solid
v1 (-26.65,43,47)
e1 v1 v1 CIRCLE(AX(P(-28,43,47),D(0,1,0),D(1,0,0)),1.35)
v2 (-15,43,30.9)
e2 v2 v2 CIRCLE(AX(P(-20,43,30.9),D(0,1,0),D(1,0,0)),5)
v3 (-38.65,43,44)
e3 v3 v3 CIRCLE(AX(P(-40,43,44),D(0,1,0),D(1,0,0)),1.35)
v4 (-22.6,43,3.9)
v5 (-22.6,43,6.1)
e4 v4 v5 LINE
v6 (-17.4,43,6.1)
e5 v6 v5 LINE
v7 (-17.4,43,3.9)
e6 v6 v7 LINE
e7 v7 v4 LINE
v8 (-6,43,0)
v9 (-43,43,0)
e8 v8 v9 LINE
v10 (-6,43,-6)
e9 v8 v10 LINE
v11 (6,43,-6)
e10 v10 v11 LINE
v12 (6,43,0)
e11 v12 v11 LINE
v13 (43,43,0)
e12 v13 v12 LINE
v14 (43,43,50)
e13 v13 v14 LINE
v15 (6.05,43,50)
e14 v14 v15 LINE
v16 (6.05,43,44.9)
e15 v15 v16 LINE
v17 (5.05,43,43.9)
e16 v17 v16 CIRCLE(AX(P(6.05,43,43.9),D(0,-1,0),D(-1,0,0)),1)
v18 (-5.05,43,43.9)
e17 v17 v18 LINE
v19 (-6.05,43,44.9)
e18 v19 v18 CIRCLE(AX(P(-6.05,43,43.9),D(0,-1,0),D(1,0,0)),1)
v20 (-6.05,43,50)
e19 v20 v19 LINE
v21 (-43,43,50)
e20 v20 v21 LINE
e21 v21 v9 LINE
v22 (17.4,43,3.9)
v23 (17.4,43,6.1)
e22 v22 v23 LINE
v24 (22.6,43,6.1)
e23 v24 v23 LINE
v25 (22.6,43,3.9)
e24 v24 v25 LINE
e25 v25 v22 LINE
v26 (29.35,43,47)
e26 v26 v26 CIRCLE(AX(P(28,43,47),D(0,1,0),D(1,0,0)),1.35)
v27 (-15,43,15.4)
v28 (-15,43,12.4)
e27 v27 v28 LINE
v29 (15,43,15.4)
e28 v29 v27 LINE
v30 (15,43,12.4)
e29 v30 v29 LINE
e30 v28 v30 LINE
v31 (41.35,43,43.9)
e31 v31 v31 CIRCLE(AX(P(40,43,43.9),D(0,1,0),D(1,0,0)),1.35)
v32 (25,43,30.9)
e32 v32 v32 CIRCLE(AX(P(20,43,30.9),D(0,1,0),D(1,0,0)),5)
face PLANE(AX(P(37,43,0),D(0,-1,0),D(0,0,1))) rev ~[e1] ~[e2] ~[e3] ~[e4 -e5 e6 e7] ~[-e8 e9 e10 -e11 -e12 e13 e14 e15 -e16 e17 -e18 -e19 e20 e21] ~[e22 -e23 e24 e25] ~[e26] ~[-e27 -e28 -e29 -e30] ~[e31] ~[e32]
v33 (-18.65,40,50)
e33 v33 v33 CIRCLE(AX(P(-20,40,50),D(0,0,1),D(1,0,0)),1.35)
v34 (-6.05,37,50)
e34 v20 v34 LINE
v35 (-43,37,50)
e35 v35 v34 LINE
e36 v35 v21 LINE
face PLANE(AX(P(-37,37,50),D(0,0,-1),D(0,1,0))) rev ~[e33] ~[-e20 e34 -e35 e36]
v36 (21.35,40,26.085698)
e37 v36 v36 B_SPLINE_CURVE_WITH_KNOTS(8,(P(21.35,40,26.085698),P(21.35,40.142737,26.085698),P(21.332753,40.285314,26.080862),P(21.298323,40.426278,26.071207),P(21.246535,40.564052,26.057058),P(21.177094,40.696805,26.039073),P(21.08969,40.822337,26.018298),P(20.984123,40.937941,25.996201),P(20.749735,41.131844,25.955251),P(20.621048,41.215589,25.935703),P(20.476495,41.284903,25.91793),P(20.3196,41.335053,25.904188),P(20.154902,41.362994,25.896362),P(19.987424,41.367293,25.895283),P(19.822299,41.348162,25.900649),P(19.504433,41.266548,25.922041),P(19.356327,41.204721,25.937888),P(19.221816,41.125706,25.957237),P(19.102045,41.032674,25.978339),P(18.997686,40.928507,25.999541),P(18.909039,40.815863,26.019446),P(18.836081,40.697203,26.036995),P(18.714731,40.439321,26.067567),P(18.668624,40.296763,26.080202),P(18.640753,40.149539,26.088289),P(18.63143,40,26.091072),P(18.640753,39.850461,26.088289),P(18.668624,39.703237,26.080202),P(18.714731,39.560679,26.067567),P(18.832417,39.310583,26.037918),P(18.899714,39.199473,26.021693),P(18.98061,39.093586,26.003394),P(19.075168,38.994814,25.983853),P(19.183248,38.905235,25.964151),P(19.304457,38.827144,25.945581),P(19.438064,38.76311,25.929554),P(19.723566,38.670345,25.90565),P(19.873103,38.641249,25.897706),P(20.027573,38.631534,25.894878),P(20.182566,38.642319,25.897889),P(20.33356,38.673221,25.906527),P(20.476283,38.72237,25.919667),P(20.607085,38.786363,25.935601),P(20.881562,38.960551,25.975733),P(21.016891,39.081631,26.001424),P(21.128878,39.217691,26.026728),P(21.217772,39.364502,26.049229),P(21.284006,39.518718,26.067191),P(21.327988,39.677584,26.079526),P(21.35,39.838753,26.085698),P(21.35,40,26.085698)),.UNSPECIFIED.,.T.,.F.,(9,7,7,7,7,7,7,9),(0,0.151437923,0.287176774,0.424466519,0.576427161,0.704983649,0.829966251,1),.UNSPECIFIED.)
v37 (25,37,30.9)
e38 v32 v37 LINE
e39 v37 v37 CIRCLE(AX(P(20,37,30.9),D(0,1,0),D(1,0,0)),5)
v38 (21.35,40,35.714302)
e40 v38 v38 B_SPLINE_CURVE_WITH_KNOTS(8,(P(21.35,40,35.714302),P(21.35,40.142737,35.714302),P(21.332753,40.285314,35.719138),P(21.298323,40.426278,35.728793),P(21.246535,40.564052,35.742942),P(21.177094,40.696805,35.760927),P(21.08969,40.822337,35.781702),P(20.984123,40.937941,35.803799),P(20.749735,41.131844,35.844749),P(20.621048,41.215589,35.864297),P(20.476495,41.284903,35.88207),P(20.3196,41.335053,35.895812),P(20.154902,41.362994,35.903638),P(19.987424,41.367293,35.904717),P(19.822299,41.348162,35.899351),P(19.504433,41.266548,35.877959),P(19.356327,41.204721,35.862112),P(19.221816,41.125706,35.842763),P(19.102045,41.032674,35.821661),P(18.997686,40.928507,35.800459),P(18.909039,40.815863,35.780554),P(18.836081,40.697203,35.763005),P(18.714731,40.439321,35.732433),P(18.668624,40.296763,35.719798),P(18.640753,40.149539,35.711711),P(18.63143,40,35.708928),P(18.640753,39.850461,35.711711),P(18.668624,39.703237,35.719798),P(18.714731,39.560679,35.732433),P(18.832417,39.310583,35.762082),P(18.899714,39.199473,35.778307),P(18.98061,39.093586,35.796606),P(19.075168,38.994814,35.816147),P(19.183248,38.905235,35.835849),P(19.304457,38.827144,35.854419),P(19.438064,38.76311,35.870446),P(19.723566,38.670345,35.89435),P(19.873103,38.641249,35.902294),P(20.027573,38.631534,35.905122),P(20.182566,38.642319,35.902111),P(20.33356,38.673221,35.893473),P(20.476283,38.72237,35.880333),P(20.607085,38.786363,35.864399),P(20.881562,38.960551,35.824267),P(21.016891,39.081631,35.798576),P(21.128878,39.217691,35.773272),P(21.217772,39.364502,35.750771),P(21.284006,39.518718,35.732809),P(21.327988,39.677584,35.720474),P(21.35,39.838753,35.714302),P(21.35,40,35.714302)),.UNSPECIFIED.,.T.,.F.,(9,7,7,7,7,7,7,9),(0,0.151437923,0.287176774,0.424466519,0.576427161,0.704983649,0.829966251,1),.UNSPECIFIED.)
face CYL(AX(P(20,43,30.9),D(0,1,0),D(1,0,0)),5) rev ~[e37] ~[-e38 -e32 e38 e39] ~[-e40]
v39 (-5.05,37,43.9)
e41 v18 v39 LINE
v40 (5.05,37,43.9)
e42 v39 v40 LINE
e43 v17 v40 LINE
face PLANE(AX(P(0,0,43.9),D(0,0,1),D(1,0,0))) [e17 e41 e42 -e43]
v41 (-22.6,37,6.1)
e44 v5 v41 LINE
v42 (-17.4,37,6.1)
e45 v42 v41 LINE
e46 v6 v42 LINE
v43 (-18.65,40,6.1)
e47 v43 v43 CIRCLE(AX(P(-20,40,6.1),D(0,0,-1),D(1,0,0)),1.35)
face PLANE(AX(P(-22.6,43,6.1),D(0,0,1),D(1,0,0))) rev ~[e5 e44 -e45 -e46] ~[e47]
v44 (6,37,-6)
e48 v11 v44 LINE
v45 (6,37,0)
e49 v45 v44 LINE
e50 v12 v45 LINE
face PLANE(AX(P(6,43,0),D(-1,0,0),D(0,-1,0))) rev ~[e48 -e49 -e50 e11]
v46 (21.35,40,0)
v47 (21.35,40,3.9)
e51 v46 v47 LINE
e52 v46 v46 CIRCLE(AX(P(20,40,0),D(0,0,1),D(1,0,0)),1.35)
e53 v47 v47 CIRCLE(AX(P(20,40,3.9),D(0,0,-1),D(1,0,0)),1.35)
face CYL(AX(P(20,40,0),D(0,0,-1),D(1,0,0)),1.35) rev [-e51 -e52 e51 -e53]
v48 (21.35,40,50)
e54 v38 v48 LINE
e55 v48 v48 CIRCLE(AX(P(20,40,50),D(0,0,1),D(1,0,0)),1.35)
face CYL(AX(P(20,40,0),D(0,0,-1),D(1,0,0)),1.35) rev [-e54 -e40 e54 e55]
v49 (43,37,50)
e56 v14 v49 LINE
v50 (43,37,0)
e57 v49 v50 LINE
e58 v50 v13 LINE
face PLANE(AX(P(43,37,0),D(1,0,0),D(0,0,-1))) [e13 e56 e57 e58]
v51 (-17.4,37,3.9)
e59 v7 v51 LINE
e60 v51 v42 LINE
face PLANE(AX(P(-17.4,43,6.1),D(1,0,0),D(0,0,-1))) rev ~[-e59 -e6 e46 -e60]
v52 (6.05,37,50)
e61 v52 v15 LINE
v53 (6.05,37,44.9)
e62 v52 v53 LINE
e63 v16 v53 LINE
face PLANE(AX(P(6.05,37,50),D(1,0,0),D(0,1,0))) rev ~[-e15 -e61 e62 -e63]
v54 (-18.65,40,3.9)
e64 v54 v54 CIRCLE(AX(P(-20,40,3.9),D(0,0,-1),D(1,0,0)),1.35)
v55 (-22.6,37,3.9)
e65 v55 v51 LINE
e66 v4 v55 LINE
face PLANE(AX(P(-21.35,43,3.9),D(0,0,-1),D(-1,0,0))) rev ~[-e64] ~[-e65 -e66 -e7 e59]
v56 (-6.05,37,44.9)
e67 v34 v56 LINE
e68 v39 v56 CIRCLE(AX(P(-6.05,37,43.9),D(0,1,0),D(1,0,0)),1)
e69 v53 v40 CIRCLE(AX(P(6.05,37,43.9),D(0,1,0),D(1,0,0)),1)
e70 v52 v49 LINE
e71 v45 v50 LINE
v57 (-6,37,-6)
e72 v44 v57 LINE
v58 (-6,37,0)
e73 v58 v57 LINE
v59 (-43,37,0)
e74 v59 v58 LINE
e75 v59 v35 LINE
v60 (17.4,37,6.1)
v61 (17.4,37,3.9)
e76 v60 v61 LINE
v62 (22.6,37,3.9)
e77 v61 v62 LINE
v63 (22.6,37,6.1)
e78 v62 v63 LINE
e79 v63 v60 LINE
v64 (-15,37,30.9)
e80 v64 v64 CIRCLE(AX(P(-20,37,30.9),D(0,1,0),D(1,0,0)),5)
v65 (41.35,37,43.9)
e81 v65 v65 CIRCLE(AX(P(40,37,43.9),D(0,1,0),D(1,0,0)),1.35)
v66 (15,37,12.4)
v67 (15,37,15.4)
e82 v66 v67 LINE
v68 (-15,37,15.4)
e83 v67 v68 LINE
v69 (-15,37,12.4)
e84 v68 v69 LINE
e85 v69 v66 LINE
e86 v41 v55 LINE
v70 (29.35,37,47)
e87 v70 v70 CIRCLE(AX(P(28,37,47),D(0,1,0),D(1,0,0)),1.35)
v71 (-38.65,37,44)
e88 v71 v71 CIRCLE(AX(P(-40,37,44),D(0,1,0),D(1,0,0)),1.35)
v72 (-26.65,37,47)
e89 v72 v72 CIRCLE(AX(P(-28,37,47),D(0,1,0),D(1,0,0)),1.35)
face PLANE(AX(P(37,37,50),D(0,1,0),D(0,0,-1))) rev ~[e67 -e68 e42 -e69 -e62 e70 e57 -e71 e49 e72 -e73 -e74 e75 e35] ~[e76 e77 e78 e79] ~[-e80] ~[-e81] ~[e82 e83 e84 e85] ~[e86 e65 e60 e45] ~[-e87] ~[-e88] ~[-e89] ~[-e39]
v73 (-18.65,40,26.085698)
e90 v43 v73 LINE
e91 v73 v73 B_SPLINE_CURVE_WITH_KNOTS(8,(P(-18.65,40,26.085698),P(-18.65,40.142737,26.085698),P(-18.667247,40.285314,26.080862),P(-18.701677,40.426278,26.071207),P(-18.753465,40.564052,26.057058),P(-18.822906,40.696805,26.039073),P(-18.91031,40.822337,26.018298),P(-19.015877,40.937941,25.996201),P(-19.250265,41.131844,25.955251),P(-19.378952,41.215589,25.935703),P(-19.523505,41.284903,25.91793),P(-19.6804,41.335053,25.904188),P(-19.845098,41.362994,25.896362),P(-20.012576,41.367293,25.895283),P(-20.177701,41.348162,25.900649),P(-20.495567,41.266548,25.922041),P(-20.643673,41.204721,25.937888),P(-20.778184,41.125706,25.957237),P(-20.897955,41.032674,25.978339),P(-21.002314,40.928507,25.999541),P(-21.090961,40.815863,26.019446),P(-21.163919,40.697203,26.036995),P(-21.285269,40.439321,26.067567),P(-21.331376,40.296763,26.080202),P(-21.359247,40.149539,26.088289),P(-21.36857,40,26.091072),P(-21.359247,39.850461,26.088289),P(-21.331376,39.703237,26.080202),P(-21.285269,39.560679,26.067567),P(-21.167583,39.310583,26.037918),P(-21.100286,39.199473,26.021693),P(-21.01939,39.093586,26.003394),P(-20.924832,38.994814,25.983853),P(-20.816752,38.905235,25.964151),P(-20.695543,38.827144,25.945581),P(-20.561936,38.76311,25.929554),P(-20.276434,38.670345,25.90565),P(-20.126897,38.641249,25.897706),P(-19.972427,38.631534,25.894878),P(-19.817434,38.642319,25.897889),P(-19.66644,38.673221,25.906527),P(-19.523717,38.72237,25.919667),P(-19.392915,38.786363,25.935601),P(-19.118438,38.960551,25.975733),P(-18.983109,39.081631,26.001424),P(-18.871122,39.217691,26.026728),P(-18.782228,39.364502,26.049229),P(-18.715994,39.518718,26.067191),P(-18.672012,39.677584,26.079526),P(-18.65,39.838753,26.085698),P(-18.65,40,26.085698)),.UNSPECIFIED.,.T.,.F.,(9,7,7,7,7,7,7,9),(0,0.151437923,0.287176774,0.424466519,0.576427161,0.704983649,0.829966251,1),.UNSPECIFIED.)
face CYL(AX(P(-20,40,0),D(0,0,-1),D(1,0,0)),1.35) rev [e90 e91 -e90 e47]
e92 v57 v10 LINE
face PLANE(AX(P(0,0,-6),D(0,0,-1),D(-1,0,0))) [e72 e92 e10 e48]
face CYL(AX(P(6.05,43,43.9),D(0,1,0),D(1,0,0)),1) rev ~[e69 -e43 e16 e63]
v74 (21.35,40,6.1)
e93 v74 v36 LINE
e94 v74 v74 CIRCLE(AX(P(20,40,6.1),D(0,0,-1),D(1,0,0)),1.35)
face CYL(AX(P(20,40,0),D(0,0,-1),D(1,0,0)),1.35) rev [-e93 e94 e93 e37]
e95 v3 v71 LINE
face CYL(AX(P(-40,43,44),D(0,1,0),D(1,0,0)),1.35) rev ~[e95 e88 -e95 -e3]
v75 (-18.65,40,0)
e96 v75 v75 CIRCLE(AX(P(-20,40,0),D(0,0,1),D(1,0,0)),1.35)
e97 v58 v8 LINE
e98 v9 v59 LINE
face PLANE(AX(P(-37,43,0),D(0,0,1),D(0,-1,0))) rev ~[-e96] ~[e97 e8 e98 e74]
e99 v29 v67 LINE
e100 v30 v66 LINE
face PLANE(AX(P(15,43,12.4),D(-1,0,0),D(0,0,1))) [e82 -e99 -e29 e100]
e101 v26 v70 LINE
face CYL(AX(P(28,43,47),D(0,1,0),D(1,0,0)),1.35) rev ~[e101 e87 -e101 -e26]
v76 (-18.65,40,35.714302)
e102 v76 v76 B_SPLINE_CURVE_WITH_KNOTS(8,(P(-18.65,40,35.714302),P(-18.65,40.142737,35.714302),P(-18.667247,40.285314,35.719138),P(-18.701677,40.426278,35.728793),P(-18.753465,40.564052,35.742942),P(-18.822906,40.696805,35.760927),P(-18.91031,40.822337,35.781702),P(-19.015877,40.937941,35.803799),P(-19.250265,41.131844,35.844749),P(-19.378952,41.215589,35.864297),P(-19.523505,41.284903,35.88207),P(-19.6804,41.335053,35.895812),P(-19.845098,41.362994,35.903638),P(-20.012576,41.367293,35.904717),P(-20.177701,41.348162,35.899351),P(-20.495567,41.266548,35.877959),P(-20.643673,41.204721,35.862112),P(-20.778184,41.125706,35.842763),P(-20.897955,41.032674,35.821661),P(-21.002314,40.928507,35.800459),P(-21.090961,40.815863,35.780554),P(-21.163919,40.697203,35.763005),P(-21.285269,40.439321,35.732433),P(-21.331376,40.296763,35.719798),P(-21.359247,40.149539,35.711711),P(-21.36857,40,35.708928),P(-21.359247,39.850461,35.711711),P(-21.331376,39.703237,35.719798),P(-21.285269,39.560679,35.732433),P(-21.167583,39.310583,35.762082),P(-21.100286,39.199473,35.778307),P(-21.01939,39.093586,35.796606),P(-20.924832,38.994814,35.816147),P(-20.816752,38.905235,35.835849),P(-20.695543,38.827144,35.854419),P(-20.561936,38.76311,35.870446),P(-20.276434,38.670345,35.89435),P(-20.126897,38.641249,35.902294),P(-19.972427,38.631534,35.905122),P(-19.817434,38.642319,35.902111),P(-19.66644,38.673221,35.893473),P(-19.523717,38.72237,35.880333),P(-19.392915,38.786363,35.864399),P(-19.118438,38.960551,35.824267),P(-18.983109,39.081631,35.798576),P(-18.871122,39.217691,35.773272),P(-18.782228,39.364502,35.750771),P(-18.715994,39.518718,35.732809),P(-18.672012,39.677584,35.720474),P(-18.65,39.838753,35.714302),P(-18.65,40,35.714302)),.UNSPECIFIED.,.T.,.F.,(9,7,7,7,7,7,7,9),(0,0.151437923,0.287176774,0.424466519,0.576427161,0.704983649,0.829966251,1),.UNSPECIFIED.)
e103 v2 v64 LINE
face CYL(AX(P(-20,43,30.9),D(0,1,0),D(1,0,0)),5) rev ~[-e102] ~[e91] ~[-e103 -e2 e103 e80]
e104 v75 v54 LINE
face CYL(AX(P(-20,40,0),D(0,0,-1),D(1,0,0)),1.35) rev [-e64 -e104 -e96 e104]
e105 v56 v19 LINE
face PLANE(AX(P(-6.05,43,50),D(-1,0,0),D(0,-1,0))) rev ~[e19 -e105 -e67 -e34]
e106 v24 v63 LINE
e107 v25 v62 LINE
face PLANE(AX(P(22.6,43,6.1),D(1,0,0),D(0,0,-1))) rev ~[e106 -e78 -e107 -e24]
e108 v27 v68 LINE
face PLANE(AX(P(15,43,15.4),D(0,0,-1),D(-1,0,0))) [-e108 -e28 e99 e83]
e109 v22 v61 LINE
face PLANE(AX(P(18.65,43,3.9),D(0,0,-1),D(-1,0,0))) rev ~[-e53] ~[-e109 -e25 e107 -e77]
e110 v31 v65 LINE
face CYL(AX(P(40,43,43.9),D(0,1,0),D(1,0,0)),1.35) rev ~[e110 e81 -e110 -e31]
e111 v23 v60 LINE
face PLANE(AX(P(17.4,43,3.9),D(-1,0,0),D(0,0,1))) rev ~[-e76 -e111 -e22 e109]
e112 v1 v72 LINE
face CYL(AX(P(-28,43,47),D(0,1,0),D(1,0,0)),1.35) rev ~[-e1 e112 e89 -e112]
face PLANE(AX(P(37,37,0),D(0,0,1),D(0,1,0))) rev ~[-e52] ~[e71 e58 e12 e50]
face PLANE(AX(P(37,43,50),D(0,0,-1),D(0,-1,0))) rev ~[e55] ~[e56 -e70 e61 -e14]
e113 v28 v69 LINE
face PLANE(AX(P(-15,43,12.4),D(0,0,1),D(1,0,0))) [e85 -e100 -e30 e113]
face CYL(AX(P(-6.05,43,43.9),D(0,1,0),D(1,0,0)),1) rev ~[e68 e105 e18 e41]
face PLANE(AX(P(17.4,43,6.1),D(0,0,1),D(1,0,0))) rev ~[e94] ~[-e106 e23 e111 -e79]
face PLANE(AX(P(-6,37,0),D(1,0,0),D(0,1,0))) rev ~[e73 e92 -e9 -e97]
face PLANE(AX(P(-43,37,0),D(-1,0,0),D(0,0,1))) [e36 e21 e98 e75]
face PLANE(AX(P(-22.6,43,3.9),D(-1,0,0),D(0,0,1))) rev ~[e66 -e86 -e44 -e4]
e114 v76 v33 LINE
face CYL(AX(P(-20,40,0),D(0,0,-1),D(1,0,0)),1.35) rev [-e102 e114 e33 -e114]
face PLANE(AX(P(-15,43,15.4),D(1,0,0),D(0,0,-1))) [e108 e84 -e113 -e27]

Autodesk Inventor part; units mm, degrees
ref_plane "YZ Plane" through (0, 0, 0) normal (1, 0, 0) x (0, 1, 0)
ref_plane "XZ Plane" through (0, 0, 0) normal (0, 1, 0) x (-1, 0, 0)
ref_plane "XY Plane" through (0, 0, 0) normal (0, 0, 1) x (1, 0, 0)
ref_plane "작업 평면1" through (0, 0, 0) normal (0, 0, 1) x (1, 0, 0)
sketch "스케치1" plane through (0, 0, 0) normal (0, 0, 1) x (1, 0, 0)
  circle A0 centre (-20, 40) radius 1.35
  circle A1 centre (20, 40) radius 1.35
  line L0 (6.05, 36.95) -> (-6.05, 36.95)
  line L1 (-6.05, 36.95) -> (-6.05, 43.05)
  line L2 (-6.05, 43.05) -> (6.05, 43.05)
  line L3 (6.05, 43.05) -> (6.05, 36.95)
  line L4 (-37, 6) -> (-37, 45)
  line L5 (-37, 6) -> (-43, 6)
  line L6 (-43, 6) -> (-43, -6)
  line L7 (-43, -6) -> (-37, -6)
  line L8 (-37, -6) -> (-37, -35)
  line L9 (-37, -35) -> (37, -35)
  line L10 (37, -35) -> (37, -6)
  line L11 (37, -6) -> (43, -6)
  line L12 (43, -6) -> (43, 6)
  line L13 (43, 6) -> (37, 6)
  line L14 (37, 6) -> (37, 45)
  line L15 (-37, 45) -> (37, 45)
  circle A2 centre (-28.8, -30.8) radius 1.35
  circle A3 centre (28.8, -30.8) radius 1.35
  circle A4 centre (28.8, 30.8) radius 1.35
  circle A5 centre (-20.8, -30.8) radius 1.6
  circle A6 centre (-20.8, 30.8) radius 1.6
  circle A7 centre (20.8, -30.8) radius 1.6
  circle A8 centre (20.8, 30.8) radius 1.6
  circle A9 centre (-28.8, 30.8) radius 1.35
  line L16 (31.1, -8.4) -> (31.1, -13.6)
  line L17 (31.1, -13.6) -> (28.9, -13.6)
  line L18 (28.9, -13.6) -> (28.9, -8.4)
  line L19 (28.9, -8.4) -> (31.1, -8.4)
  line L20 (-31.1, -8.4) -> (-28.9, -8.4)
  line L21 (-28.9, -8.4) -> (-28.9, -13.6)
  line L22 (-28.9, -13.6) -> (-31.1, -13.6)
  line L23 (-31.1, -13.6) -> (-31.1, -8.4)
  line L24 (-31.1, 13.6) -> (-28.9, 13.6)
  line L25 (-28.9, 13.6) -> (-28.9, 8.4)
  line L26 (-28.9, 8.4) -> (-31.1, 8.4)
  line L27 (-31.1, 8.4) -> (-31.1, 13.6)
  line L28 (28.9, 13.6) -> (31.1, 13.6)
  line L29 (31.1, 13.6) -> (31.1, 8.4)
  line L30 (31.1, 8.4) -> (28.9, 8.4)
  line L31 (28.9, 8.4) -> (28.9, 13.6)
  line L32 (37, 37) -> (-37, 37)
  line L33 (-37, 37) -> (-37, 43)
  line L34 (-37, 43) -> (37, 43)
  line L35 (37, 43) -> (37, 37)
  line L36 (37, 37) -> (-37, 43) construction
  line L37 (-37, 37) -> (37, 43) construction
  point P0 (0, 0)
  point P1 (0, 40)
  dimension "d0" = 74
  dimension "d1" = 6
extrude "돌출1" add sketch "스케치1" along normal blind 50 contours L32 L1 L34 L3 | L3 L34 L14 L32 | L32 L4 L34 L1
sketch "스케치2" plane through (0, 0, 50) normal (0, 0, 1) x (1, 0, 0)
  line L0 (6.05, 43) -> (-6.05, 43)
  line L1 (-6.05, 43) -> (-6.05, 37)
  line L2 (-6.05, 37) -> (6.05, 37)
  line L3 (6.05, 37) -> (6.05, 43)
  line L4 (6.05, 43) -> (-6.05, 37) construction
  line L5 (-6.05, 43) -> (6.05, 37) construction
  point P0 (0, 0)
  point P1 (0, 40)
  dimension "d4" = 12.1
  dimension "d5" = 6
extrude "돌출2" cut sketch "스케치2" against normal blind 6.1
sketch "스케치3" plane through (0, 0, 0) normal (0, 0, -1) x (-1, 0, 0)
  line L0 (-6, 37) -> (6, 37)
  line L1 (6, 37) -> (6, 43)
  line L2 (6, 43) -> (-6, 43)
  line L3 (-6, 43) -> (-6, 37)
  line L4 (-6, 37) -> (6, 43) construction
  line L5 (6, 37) -> (-6, 43) construction
  point P0 (0, 0)
  point P1 (0, 40)
  dimension "d8" = 12
  dimension "d9" = 6
extrude "돌출3" add sketch "스케치3" along normal blind 6
sketch "스케치4" plane through (37, 43, 50) normal (0, 1, 0) x (1, 0, 0)
  line L0 (-58.35, 0) -> (-58.35, 50)
  line L1 (-55.65, 0) -> (-55.65, 50)
  line L2 (-18.35, 0) -> (-18.35, 50)
  line L3 (-15.65, 0) -> (-15.65, 50)
  line L4 (-15.65, 35) -> (-18.35, 35)
  line L5 (-55.65, 35) -> (-58.35, 35)
  line L6 (-14.4, 36.1) -> (-19.6, 33.9) construction
  line L7 (-19.6, 36.1) -> (-14.4, 33.9) construction
  line L8 (-54.4, 36.1) -> (-59.6, 36.1)
  line L9 (-59.6, 36.1) -> (-59.6, 33.9)
  line L10 (-59.6, 33.9) -> (-54.4, 33.9)
  line L11 (-54.4, 33.9) -> (-54.4, 36.1)
  line L12 (-54.4, 36.1) -> (-59.6, 33.9) construction
  line L13 (-59.6, 36.1) -> (-54.4, 33.9) construction
  circle A0 centre (-9, 3) radius 1.35
  circle A1 centre (-65, 3) radius 1.35
  line L14 (-14.4, 46.1) -> (-19.6, 46.1)
  line L15 (-19.6, 46.1) -> (-19.6, 43.9)
  line L16 (-19.6, 43.9) -> (-14.4, 43.9)
  line L17 (-14.4, 43.9) -> (-14.4, 46.1)
  line L18 (-14.4, 46.1) -> (-19.6, 43.9) construction
  line L19 (-19.6, 46.1) -> (-14.4, 43.9) construction
  line L20 (-54.4, 46.1) -> (-59.6, 46.1)
  line L21 (-59.6, 46.1) -> (-59.6, 43.9)
  line L22 (-59.6, 43.9) -> (-54.4, 43.9)
  line L23 (-54.4, 43.9) -> (-54.4, 46.1)
  line L24 (-54.4, 46.1) -> (-59.6, 43.9) construction
  line L25 (-59.6, 46.1) -> (-54.4, 43.9) construction
  point P0 (-37, 50)
  point P1 (-17, 35)
  point P2 (-57, 35)
  point P3 (-17, 45)
  point P4 (-57, 45)
  dimension "d12" = 5.2
  dimension "d13" = 2.2
  dimension "d14" = 5.2
  dimension "d15" = 2.2
  dimension "d16" = 2.7
  dimension "d17" = 2.7
  dimension "d20" = 5.2
  dimension "d21" = 2.2
  dimension "d22" = 5.2
  dimension "d23" = 2.2
extrude "돌출5" cut sketch "스케치4" against normal blind 50 contours L22 L21 L20 L0 | L0 L20 L1 L22 | L1 L20 L23 L22 | L16 L15 L14 L2 | L2 L14 L3 L16 | L3 L14 L17 L16 | A0 | A1
sketch "스케치5" plane through (-37, 37, 0) normal (-1, 0, 0) x (0, 0, 1)
  line L0 (50, 6) -> (0, 6)
  line L1 (0, 6) -> (0, 0)
  line L2 (0, 0) -> (50, 0)
  line L3 (50, 0) -> (50, 6)
  point P0 (0, -37)
extrude "돌출6" add sketch "스케치5" along normal blind 6
sketch "스케치6" plane through (37, 37, 0) normal (1, 0, 0) x (0, 0, -1)
  line L0 (-50, 0) -> (0, 0)
  line L1 (0, 0) -> (0, 6)
  line L2 (0, 6) -> (-50, 6)
  line L3 (-50, 6) -> (-50, 0)
  point P0 (0, -37)
  dimension "d28" = 6
extrude "돌출7" add sketch "스케치6" along normal blind 6
sketch "스케치7" plane through (-6.05, 43, 43.9) normal (0, 1, 0) x (1, 0, 0)
  circle A0 centre (26.05, 13) radius 5
  circle A1 centre (-13.95, 13) radius 5
  line L0 (21.05, 28.5) -> (-8.95, 28.5)
  line L1 (-8.95, 28.5) -> (-8.95, 31.5)
  line L2 (-8.95, 31.5) -> (21.05, 31.5)
  line L3 (21.05, 31.5) -> (21.05, 28.5)
  line L4 (21.05, 28.5) -> (-8.95, 31.5) construction
  line L5 (-8.95, 28.5) -> (21.05, 31.5) construction
  point P0 (6.05, 43.9)
  point P1 (6.05, 30)
  dimension "d31" = 10
  dimension "d32" = 10
  dimension "d35" = 3
extrude "돌출9" cut sketch "스케치7" against normal blind 10
sketch "스케치8" plane through (-6.05, 43, 43.9) normal (0, 1, 0) x (1, 0, 0)
  line L0 (-8.95, 28.5) -> (-8.95, 31.5)
  line L1 (-8.95, 31.5) -> (21.05, 31.5)
  line L2 (21.05, 31.5) -> (21.05, 28.5)
  line L3 (21.05, 28.5) -> (-8.95, 28.5)
  circle A0 centre (-13.95, 13) radius 5
  circle A1 centre (26.05, 13) radius 5
  circle A2 centre (-21.95, -3.1) radius 1.35
  line L4 (-16.55, 37.8) -> (-16.55, 40)
  line L5 (-16.55, 40) -> (-11.35, 40)
  line L6 (-11.35, 40) -> (-11.35, 37.8)
  line L7 (-11.35, 37.8) -> (-16.55, 37.8)
  circle A3 centre (34.05, -3.1) radius 1.35
  line L8 (23.45, 40) -> (28.65, 40)
  line L9 (28.65, 40) -> (28.65, 37.8)
  line L10 (28.65, 37.8) -> (23.45, 37.8)
  line L11 (23.45, 37.8) -> (23.45, 40)
  line L12 (0, -6.1) -> (0, 0)
  line L13 (0, 0) -> (12.1, 0)
  line L14 (12.1, 0) -> (12.1, -6.1)
  line L15 (12.1, -6.1) -> (49.05, -6.1)
  line L16 (49.05, 43.9) -> (49.05, -6.1)
  line L17 (12.05, 43.9) -> (49.05, 43.9)
  line L18 (12.05, 43.9) -> (12.05, 49.9)
  line L19 (0.05, 49.9) -> (12.05, 49.9)
  line L20 (0.05, 43.9) -> (0.05, 49.9)
  line L21 (0.05, 43.9) -> (-36.95, 43.9)
  line L22 (-36.95, -6.1) -> (-36.95, 43.9)
  line L23 (0, -6.1) -> (-36.95, -6.1)
  circle A4 centre (-33.95, -0.1) radius 1.35
  circle A5 centre (46.05, 0) radius 1.35
  point P0 (6.05, 43.9)
  dimension "d38" = 2.7
  dimension "d41" = 2.7
extrude "돌출11" cut sketch "스케치8" against normal blind 10 contours A4 | A5
sketch "스케치9" plane through (-6.05, 43, 43.9) normal (0, 1, 0) x (1, 0, 0)
  line L0 (0, 0) -> (12.1, 0)
  line L1 (12.1, 0) -> (12.1, -6.1)
  line L2 (0, -6.1) -> (0, 0)
  circle A0 centre (12.1, 0) radius 1
  circle A1 centre (0, 0) radius 1
  point P0 (6.05, 43.9)
  point P1 (12.1, -1)
  point P2 (11.1, 0)
  dimension "d44" = 2
  dimension "d45" = 2
extrude "돌출12" cut sketch "스케치9" against normal blind 10 contours L2 A1 L0 | L0 A1 L2 | A0 L1 L0 picked at (11.443, 0.0798)
properties part number "front of head" material "PMMA 플라스틱"
